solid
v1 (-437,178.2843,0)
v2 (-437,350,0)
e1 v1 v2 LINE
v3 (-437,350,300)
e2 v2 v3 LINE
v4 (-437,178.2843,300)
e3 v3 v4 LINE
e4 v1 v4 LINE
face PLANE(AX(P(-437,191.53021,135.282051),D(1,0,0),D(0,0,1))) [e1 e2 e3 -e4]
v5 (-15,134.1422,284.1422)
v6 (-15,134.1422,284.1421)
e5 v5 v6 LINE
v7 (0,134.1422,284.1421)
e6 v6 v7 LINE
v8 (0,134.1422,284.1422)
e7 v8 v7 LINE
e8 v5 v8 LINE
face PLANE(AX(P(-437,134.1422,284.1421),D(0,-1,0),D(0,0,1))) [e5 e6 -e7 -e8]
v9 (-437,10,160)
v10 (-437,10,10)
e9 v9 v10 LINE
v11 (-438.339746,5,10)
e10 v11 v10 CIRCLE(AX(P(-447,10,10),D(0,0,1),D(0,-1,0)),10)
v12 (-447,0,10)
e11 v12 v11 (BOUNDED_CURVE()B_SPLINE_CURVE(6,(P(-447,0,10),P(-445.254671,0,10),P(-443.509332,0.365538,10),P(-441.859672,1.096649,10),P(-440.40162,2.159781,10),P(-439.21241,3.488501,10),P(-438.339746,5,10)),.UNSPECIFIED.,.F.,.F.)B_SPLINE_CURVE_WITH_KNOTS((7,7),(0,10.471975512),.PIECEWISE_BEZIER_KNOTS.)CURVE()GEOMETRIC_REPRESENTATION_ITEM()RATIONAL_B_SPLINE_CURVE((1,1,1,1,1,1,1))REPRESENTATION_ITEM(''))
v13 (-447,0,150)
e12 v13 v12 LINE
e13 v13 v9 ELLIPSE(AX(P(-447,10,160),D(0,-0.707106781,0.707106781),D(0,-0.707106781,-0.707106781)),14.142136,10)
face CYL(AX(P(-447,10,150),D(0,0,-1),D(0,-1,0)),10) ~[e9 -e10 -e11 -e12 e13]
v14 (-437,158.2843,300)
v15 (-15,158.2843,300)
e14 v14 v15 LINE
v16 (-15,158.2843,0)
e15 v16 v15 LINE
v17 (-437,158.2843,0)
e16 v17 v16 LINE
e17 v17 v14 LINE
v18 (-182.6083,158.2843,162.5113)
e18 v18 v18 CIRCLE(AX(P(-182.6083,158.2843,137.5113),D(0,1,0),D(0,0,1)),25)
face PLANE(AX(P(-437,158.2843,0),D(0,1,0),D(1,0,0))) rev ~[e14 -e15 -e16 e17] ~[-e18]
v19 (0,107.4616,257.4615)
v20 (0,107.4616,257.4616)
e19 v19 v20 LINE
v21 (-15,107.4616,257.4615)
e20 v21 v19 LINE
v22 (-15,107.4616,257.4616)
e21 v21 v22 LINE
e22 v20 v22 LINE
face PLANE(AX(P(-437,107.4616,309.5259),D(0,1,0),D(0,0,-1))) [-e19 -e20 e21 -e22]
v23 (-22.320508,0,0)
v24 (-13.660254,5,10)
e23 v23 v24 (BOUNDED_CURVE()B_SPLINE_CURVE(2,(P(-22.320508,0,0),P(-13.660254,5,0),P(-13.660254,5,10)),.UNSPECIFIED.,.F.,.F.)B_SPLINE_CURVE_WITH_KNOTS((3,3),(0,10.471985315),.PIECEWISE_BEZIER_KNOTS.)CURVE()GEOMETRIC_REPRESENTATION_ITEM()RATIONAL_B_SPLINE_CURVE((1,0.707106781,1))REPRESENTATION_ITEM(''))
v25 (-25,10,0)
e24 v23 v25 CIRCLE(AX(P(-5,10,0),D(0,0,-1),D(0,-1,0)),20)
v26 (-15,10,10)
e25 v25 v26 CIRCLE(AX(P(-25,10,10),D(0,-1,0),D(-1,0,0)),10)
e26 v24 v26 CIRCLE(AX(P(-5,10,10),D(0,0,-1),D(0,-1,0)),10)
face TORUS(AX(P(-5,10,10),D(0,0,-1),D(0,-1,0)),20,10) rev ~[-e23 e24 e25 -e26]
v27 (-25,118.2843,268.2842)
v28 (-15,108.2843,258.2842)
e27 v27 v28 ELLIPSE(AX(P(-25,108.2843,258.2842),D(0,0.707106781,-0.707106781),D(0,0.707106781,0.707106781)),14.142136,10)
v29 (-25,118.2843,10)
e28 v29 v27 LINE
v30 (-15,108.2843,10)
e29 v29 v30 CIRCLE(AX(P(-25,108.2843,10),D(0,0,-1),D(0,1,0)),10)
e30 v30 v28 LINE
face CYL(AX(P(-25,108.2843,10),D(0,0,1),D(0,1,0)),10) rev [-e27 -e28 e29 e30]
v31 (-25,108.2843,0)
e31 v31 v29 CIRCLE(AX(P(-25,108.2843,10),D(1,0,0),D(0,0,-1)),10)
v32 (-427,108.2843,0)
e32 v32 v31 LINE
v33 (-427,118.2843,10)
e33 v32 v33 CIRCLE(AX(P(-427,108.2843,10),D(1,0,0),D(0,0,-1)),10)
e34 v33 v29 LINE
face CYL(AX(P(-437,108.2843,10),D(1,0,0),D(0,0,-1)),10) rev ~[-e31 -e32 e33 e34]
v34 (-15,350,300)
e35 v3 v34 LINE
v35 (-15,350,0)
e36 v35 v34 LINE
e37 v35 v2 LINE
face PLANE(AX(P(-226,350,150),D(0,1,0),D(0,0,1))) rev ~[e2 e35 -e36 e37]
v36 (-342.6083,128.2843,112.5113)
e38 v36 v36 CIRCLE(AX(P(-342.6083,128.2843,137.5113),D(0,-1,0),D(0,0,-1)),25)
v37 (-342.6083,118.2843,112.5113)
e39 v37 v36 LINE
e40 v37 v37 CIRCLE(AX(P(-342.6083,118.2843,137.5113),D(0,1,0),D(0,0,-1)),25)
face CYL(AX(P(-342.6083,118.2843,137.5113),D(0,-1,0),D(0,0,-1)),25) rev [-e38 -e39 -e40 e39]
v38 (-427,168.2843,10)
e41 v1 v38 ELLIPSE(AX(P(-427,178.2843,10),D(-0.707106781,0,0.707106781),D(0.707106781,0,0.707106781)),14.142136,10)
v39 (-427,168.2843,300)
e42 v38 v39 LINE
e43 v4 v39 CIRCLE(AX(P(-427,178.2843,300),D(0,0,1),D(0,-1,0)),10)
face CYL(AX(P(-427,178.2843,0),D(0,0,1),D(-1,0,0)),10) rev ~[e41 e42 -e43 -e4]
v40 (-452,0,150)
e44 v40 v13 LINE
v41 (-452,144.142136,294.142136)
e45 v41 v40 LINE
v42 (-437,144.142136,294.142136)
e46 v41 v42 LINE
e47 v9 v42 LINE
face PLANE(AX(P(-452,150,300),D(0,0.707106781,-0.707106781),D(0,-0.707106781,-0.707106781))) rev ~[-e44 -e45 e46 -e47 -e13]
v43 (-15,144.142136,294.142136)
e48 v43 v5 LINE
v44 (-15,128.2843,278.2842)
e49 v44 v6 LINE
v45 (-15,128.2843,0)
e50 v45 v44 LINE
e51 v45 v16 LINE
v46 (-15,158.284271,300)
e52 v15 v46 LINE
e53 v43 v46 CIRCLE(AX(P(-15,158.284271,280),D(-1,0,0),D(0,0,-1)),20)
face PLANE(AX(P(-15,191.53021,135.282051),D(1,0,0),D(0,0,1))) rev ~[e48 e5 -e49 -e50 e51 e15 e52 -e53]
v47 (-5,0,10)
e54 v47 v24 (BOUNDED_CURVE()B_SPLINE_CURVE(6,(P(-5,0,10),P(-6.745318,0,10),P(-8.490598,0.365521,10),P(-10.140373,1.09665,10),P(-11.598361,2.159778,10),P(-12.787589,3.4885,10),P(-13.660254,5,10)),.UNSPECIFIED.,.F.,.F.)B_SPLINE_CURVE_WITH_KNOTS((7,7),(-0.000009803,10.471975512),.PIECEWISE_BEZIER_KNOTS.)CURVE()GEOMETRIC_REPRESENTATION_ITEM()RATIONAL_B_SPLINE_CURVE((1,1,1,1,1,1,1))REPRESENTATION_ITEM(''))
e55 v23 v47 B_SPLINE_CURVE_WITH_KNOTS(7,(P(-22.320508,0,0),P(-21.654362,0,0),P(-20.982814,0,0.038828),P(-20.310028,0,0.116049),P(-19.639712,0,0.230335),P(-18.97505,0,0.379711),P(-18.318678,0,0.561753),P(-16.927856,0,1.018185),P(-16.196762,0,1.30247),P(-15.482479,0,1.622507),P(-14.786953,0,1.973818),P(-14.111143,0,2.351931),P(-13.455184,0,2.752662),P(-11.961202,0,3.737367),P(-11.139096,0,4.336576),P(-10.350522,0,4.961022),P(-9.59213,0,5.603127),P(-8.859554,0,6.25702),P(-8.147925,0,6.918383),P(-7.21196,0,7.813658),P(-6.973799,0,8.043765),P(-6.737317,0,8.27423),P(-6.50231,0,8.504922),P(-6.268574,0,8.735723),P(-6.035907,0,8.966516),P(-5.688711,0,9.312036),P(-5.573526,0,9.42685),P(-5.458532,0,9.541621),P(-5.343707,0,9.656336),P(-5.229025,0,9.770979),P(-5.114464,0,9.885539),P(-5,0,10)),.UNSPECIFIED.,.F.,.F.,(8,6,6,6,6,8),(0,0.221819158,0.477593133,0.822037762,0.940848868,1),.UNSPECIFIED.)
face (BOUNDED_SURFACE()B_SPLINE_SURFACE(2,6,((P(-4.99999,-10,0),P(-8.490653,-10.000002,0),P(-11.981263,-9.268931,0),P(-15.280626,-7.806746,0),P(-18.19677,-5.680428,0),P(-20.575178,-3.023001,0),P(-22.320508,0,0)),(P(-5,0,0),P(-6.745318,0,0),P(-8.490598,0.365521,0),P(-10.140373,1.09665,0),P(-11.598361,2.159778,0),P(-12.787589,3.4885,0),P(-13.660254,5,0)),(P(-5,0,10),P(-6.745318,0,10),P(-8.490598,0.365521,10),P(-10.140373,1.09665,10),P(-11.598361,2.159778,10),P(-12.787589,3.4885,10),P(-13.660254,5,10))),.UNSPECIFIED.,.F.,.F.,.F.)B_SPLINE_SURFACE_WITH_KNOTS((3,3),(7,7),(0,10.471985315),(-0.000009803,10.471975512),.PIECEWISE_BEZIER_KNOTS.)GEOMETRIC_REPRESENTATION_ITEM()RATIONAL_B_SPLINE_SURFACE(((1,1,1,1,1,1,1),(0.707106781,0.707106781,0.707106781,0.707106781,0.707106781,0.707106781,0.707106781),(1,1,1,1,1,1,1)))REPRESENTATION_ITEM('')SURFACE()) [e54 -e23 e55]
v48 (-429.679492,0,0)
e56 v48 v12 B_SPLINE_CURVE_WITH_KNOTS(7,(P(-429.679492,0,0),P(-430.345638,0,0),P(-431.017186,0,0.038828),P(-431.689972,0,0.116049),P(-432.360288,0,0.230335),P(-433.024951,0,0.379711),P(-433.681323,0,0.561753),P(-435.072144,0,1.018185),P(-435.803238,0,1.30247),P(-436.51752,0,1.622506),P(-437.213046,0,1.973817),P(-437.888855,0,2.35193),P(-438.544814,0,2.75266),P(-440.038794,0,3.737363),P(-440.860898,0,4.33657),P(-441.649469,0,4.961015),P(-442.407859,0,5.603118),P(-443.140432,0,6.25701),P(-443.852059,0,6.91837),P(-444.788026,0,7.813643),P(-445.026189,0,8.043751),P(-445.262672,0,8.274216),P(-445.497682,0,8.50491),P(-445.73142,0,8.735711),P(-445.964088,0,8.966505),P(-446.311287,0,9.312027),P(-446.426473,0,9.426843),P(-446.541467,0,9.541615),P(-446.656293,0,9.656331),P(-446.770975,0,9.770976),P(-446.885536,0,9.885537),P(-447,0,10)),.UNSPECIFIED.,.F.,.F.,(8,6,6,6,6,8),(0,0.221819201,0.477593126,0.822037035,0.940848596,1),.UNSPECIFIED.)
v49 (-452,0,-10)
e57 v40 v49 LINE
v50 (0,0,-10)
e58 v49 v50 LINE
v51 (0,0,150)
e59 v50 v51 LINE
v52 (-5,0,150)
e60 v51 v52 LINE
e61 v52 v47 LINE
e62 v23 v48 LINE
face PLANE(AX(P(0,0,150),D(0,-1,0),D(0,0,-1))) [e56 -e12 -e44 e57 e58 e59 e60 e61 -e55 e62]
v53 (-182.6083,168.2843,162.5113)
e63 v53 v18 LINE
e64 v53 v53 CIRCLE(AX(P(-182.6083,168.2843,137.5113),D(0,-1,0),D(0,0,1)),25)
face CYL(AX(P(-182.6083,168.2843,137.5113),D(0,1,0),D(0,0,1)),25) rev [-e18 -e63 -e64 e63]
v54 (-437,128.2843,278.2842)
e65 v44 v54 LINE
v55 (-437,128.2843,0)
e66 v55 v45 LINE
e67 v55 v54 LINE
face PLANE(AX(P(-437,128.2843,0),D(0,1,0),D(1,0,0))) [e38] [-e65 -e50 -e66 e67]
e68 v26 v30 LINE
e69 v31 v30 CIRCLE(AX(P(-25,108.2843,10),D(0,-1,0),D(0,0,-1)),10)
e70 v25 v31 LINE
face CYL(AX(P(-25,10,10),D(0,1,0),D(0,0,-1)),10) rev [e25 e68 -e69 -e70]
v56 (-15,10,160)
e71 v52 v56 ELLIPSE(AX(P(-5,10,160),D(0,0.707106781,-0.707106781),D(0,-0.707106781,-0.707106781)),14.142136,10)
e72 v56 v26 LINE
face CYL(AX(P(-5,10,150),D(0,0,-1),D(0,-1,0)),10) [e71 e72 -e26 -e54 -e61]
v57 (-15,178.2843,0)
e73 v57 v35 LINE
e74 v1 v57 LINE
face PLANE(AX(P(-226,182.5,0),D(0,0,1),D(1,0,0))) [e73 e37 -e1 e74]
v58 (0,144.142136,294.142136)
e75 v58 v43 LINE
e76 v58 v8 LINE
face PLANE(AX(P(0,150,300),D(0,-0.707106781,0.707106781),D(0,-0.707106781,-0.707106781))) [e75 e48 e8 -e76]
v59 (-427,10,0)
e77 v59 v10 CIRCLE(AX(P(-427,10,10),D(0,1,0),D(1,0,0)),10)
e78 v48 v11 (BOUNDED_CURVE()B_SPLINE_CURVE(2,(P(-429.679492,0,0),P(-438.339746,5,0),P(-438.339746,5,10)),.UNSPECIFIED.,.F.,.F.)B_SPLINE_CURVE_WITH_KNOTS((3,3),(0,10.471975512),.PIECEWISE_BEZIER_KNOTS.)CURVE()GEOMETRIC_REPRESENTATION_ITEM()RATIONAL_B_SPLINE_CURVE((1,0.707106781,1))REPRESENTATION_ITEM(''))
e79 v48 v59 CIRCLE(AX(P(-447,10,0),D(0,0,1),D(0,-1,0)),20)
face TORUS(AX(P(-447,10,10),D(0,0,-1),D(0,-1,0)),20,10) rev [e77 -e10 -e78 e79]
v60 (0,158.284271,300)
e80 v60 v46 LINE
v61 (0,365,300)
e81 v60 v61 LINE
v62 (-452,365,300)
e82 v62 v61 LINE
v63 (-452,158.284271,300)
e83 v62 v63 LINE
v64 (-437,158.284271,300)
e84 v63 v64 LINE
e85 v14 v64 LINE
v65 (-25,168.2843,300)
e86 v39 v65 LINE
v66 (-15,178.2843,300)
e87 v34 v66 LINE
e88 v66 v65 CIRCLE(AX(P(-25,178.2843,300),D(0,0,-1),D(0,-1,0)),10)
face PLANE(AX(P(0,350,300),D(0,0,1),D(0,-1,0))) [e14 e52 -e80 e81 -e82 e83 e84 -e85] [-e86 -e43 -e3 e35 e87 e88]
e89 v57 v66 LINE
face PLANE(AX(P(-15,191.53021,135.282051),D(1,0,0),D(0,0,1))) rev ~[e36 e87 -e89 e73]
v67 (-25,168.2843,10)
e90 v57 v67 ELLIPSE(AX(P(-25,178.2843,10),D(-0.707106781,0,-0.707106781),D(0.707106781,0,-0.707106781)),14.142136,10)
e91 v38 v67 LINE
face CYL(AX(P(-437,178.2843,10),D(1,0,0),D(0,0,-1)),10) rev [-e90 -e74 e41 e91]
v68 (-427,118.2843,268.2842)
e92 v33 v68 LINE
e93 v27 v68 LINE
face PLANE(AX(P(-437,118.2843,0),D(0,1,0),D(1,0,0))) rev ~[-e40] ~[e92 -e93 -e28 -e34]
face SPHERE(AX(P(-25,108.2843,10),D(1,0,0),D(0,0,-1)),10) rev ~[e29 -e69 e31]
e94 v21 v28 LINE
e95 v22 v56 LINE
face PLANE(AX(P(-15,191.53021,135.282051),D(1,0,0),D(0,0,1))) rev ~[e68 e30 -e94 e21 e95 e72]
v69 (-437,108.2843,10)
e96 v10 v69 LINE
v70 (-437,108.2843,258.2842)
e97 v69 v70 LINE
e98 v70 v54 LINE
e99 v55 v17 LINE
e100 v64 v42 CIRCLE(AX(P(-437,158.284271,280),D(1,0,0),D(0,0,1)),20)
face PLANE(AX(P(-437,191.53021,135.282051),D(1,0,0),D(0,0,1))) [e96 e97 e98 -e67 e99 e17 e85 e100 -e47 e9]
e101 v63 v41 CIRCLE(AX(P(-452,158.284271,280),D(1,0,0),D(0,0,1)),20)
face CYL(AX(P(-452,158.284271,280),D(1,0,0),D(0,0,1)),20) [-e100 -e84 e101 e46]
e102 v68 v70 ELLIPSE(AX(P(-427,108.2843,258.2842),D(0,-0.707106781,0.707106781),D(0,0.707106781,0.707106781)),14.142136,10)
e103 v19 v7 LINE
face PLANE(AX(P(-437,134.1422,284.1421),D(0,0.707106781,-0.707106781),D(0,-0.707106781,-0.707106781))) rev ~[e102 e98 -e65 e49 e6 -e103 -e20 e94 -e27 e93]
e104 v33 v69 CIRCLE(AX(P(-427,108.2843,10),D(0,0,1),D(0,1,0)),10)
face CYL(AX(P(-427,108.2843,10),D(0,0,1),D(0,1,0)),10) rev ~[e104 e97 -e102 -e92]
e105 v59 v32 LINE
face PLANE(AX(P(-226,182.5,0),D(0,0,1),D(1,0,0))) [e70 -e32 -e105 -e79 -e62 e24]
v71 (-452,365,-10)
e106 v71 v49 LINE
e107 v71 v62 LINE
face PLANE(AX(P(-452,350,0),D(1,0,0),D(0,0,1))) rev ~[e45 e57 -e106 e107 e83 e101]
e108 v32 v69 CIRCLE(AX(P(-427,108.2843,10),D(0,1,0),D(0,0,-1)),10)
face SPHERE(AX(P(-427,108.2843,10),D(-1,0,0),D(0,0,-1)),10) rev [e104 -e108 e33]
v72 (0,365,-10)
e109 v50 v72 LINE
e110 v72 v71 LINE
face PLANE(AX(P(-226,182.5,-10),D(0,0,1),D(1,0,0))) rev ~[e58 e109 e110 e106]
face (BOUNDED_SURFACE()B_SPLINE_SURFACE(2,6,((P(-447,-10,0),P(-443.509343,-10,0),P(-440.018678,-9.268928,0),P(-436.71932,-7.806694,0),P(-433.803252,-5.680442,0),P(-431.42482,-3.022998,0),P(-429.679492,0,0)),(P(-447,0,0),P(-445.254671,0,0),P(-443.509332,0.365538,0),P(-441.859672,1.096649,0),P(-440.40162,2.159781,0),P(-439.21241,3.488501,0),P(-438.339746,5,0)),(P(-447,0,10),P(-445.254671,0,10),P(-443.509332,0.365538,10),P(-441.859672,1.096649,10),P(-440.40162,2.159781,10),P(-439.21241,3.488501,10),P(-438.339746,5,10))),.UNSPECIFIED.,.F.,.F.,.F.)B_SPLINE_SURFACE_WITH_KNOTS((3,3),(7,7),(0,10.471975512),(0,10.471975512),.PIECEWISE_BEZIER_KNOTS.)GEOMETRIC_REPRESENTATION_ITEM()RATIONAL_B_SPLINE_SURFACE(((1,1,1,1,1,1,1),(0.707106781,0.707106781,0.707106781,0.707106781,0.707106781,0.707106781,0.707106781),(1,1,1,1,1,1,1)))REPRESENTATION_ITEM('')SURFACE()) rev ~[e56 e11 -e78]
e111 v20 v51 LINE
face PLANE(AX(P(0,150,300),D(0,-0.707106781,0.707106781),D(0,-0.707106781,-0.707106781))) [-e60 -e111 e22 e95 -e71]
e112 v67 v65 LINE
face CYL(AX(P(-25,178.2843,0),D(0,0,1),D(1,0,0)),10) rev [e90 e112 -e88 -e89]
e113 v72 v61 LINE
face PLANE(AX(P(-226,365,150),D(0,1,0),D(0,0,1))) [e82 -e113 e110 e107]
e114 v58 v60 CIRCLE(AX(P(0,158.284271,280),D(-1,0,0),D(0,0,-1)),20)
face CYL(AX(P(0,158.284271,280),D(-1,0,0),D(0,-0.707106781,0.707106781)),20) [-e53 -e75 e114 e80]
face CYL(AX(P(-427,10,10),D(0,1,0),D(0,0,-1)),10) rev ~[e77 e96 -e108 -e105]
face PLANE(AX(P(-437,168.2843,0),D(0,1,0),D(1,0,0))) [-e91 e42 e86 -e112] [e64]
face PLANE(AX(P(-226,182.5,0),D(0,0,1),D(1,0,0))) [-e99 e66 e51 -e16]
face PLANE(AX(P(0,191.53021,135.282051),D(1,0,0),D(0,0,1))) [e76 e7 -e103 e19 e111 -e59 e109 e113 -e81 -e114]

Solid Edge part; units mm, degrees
sketch "Sketch1" plane through (0, 0, 0) normal (1, 0, 0) x (0, 1, 0)
  line L0 (150, 300) -> (0, 150)
  line L1 (0, 150) -> (0, 0)
  line L2 (0, 0) -> (350, 0)
  line L3 (350, 0) -> (350, 300)
  line L4 (350, 300) -> (150, 300)
extrude "Protrusion1" add sketch "Sketch1" against normal blind 15
sketch "Sketch2" plane through (-10, 350, 150) normal (0, 1, 0) x (0, 0, -1)
  line L0 (-150, 442) -> (-150, -10)
  line L1 (-150, -10) -> (150, -10)
  line L2 (150, -10) -> (150, 442)
  line L3 (150, 442) -> (-150, 442)
extrude "ProtrusiónExtruida_3" add sketch "Sketch2" along normal blind 15
sketch "Sketch3" plane through (-452, 360, 150) normal (-1, 0, 0) x (0, 0, 1)
  line L0 (150, -210) -> (0, -360)
  line L1 (0, -360) -> (-150, -360)
  line L2 (-150, -360) -> (-150, -10)
  line L3 (-150, -10) -> (150, -10)
  line L4 (150, -10) -> (150, -210)
extrude "ProtrusiónExtruida_5" add sketch "Sketch3" against normal blind 15
sketch "Sketch4" plane through (-226, 185, 0) normal (0, 0, -1) x (1, 0, 0)
  line L0 (-226, 185) -> (226, 185)
  line L1 (226, 185) -> (226, -180)
  line L2 (226, -180) -> (-226, -180)
  line L3 (-226, -180) -> (-226, 185)
extrude "ProtrusiónExtruida_6" add sketch "Sketch4" along normal blind 10
fillet "Redondeo_5" radius 20 2 edges at (-7.5, 150, 300) (-444.5, 150, 300)
sketch "Sketch5" plane through (-226, 175, 0) normal (0, 0, 1) x (1, 0, 0)
  line L0 (-211, -6.7157) -> (211, -6.7157)
  line L1 (211, -6.7157) -> (211, -16.7157)
  line L2 (-211, -16.7157) -> (211, -16.7157)
  line L3 (-211, -16.7157) -> (-211, -6.7157)
  line L4 (-211, -56.7157) -> (211, -56.7157)
  line L5 (211, -46.7157) -> (211, -56.7157)
  line L6 (-211, -46.7157) -> (211, -46.7157)
  line L7 (-211, -56.7157) -> (-211, -46.7157)
  dimension "D1" = 10
  dimension "D2" = 15
extrude "ProtrusiónExtruida_12" add sketch "Sketch5" along normal blind 300
fillet "Redondeo_13" radius 10 6 edges at (-226, 118.2843, 0) (-226, 168.2843, 0) (-437, 0, 75) (-15, 0, 75) (-437, 168.2843, 150) (-15, 168.2843, 150)
sketch "Sketch6" plane through (-437, 123.2843, 284.1421) normal (-1, 0, 0) x (0, -1, 0)
  line L0 (15.8227, 25.3838) -> (15.8227, -26.6806)
  line L1 (-10.8579, 25.3838) -> (15.8227, 25.3838)
  line L2 (-10.8579, 0) -> (-10.8579, 25.3838)
  line L3 (-10.8579, 0) -> (15.8227, -26.6806)
extrude "VaciadoExtruido_1" cut sketch "Sketch6" against normal blind 516.6501
fillet "Round1" radius 10 8 edges at (-437, 118.2843, 139.1421) (-437, 115.3553, 2.9289) (-437, 59.1421, 0) (-439.9289, 2.9289, 0) (-15, 118.2843, 139.1421) (-15, 115.3553, 2.9289) (-15, 59.1421, 0) (-12.0711, 2.9289, 0)
hole "Agujero_3" at (-342.6083, 118.2843, 137.5113) direction (0, 1, 0) diameter 50 end up to next
hole "Agujero_4" at (-182.6083, 168.2843, 137.5113) direction (0, -1, 0) diameter 50 end up to next
